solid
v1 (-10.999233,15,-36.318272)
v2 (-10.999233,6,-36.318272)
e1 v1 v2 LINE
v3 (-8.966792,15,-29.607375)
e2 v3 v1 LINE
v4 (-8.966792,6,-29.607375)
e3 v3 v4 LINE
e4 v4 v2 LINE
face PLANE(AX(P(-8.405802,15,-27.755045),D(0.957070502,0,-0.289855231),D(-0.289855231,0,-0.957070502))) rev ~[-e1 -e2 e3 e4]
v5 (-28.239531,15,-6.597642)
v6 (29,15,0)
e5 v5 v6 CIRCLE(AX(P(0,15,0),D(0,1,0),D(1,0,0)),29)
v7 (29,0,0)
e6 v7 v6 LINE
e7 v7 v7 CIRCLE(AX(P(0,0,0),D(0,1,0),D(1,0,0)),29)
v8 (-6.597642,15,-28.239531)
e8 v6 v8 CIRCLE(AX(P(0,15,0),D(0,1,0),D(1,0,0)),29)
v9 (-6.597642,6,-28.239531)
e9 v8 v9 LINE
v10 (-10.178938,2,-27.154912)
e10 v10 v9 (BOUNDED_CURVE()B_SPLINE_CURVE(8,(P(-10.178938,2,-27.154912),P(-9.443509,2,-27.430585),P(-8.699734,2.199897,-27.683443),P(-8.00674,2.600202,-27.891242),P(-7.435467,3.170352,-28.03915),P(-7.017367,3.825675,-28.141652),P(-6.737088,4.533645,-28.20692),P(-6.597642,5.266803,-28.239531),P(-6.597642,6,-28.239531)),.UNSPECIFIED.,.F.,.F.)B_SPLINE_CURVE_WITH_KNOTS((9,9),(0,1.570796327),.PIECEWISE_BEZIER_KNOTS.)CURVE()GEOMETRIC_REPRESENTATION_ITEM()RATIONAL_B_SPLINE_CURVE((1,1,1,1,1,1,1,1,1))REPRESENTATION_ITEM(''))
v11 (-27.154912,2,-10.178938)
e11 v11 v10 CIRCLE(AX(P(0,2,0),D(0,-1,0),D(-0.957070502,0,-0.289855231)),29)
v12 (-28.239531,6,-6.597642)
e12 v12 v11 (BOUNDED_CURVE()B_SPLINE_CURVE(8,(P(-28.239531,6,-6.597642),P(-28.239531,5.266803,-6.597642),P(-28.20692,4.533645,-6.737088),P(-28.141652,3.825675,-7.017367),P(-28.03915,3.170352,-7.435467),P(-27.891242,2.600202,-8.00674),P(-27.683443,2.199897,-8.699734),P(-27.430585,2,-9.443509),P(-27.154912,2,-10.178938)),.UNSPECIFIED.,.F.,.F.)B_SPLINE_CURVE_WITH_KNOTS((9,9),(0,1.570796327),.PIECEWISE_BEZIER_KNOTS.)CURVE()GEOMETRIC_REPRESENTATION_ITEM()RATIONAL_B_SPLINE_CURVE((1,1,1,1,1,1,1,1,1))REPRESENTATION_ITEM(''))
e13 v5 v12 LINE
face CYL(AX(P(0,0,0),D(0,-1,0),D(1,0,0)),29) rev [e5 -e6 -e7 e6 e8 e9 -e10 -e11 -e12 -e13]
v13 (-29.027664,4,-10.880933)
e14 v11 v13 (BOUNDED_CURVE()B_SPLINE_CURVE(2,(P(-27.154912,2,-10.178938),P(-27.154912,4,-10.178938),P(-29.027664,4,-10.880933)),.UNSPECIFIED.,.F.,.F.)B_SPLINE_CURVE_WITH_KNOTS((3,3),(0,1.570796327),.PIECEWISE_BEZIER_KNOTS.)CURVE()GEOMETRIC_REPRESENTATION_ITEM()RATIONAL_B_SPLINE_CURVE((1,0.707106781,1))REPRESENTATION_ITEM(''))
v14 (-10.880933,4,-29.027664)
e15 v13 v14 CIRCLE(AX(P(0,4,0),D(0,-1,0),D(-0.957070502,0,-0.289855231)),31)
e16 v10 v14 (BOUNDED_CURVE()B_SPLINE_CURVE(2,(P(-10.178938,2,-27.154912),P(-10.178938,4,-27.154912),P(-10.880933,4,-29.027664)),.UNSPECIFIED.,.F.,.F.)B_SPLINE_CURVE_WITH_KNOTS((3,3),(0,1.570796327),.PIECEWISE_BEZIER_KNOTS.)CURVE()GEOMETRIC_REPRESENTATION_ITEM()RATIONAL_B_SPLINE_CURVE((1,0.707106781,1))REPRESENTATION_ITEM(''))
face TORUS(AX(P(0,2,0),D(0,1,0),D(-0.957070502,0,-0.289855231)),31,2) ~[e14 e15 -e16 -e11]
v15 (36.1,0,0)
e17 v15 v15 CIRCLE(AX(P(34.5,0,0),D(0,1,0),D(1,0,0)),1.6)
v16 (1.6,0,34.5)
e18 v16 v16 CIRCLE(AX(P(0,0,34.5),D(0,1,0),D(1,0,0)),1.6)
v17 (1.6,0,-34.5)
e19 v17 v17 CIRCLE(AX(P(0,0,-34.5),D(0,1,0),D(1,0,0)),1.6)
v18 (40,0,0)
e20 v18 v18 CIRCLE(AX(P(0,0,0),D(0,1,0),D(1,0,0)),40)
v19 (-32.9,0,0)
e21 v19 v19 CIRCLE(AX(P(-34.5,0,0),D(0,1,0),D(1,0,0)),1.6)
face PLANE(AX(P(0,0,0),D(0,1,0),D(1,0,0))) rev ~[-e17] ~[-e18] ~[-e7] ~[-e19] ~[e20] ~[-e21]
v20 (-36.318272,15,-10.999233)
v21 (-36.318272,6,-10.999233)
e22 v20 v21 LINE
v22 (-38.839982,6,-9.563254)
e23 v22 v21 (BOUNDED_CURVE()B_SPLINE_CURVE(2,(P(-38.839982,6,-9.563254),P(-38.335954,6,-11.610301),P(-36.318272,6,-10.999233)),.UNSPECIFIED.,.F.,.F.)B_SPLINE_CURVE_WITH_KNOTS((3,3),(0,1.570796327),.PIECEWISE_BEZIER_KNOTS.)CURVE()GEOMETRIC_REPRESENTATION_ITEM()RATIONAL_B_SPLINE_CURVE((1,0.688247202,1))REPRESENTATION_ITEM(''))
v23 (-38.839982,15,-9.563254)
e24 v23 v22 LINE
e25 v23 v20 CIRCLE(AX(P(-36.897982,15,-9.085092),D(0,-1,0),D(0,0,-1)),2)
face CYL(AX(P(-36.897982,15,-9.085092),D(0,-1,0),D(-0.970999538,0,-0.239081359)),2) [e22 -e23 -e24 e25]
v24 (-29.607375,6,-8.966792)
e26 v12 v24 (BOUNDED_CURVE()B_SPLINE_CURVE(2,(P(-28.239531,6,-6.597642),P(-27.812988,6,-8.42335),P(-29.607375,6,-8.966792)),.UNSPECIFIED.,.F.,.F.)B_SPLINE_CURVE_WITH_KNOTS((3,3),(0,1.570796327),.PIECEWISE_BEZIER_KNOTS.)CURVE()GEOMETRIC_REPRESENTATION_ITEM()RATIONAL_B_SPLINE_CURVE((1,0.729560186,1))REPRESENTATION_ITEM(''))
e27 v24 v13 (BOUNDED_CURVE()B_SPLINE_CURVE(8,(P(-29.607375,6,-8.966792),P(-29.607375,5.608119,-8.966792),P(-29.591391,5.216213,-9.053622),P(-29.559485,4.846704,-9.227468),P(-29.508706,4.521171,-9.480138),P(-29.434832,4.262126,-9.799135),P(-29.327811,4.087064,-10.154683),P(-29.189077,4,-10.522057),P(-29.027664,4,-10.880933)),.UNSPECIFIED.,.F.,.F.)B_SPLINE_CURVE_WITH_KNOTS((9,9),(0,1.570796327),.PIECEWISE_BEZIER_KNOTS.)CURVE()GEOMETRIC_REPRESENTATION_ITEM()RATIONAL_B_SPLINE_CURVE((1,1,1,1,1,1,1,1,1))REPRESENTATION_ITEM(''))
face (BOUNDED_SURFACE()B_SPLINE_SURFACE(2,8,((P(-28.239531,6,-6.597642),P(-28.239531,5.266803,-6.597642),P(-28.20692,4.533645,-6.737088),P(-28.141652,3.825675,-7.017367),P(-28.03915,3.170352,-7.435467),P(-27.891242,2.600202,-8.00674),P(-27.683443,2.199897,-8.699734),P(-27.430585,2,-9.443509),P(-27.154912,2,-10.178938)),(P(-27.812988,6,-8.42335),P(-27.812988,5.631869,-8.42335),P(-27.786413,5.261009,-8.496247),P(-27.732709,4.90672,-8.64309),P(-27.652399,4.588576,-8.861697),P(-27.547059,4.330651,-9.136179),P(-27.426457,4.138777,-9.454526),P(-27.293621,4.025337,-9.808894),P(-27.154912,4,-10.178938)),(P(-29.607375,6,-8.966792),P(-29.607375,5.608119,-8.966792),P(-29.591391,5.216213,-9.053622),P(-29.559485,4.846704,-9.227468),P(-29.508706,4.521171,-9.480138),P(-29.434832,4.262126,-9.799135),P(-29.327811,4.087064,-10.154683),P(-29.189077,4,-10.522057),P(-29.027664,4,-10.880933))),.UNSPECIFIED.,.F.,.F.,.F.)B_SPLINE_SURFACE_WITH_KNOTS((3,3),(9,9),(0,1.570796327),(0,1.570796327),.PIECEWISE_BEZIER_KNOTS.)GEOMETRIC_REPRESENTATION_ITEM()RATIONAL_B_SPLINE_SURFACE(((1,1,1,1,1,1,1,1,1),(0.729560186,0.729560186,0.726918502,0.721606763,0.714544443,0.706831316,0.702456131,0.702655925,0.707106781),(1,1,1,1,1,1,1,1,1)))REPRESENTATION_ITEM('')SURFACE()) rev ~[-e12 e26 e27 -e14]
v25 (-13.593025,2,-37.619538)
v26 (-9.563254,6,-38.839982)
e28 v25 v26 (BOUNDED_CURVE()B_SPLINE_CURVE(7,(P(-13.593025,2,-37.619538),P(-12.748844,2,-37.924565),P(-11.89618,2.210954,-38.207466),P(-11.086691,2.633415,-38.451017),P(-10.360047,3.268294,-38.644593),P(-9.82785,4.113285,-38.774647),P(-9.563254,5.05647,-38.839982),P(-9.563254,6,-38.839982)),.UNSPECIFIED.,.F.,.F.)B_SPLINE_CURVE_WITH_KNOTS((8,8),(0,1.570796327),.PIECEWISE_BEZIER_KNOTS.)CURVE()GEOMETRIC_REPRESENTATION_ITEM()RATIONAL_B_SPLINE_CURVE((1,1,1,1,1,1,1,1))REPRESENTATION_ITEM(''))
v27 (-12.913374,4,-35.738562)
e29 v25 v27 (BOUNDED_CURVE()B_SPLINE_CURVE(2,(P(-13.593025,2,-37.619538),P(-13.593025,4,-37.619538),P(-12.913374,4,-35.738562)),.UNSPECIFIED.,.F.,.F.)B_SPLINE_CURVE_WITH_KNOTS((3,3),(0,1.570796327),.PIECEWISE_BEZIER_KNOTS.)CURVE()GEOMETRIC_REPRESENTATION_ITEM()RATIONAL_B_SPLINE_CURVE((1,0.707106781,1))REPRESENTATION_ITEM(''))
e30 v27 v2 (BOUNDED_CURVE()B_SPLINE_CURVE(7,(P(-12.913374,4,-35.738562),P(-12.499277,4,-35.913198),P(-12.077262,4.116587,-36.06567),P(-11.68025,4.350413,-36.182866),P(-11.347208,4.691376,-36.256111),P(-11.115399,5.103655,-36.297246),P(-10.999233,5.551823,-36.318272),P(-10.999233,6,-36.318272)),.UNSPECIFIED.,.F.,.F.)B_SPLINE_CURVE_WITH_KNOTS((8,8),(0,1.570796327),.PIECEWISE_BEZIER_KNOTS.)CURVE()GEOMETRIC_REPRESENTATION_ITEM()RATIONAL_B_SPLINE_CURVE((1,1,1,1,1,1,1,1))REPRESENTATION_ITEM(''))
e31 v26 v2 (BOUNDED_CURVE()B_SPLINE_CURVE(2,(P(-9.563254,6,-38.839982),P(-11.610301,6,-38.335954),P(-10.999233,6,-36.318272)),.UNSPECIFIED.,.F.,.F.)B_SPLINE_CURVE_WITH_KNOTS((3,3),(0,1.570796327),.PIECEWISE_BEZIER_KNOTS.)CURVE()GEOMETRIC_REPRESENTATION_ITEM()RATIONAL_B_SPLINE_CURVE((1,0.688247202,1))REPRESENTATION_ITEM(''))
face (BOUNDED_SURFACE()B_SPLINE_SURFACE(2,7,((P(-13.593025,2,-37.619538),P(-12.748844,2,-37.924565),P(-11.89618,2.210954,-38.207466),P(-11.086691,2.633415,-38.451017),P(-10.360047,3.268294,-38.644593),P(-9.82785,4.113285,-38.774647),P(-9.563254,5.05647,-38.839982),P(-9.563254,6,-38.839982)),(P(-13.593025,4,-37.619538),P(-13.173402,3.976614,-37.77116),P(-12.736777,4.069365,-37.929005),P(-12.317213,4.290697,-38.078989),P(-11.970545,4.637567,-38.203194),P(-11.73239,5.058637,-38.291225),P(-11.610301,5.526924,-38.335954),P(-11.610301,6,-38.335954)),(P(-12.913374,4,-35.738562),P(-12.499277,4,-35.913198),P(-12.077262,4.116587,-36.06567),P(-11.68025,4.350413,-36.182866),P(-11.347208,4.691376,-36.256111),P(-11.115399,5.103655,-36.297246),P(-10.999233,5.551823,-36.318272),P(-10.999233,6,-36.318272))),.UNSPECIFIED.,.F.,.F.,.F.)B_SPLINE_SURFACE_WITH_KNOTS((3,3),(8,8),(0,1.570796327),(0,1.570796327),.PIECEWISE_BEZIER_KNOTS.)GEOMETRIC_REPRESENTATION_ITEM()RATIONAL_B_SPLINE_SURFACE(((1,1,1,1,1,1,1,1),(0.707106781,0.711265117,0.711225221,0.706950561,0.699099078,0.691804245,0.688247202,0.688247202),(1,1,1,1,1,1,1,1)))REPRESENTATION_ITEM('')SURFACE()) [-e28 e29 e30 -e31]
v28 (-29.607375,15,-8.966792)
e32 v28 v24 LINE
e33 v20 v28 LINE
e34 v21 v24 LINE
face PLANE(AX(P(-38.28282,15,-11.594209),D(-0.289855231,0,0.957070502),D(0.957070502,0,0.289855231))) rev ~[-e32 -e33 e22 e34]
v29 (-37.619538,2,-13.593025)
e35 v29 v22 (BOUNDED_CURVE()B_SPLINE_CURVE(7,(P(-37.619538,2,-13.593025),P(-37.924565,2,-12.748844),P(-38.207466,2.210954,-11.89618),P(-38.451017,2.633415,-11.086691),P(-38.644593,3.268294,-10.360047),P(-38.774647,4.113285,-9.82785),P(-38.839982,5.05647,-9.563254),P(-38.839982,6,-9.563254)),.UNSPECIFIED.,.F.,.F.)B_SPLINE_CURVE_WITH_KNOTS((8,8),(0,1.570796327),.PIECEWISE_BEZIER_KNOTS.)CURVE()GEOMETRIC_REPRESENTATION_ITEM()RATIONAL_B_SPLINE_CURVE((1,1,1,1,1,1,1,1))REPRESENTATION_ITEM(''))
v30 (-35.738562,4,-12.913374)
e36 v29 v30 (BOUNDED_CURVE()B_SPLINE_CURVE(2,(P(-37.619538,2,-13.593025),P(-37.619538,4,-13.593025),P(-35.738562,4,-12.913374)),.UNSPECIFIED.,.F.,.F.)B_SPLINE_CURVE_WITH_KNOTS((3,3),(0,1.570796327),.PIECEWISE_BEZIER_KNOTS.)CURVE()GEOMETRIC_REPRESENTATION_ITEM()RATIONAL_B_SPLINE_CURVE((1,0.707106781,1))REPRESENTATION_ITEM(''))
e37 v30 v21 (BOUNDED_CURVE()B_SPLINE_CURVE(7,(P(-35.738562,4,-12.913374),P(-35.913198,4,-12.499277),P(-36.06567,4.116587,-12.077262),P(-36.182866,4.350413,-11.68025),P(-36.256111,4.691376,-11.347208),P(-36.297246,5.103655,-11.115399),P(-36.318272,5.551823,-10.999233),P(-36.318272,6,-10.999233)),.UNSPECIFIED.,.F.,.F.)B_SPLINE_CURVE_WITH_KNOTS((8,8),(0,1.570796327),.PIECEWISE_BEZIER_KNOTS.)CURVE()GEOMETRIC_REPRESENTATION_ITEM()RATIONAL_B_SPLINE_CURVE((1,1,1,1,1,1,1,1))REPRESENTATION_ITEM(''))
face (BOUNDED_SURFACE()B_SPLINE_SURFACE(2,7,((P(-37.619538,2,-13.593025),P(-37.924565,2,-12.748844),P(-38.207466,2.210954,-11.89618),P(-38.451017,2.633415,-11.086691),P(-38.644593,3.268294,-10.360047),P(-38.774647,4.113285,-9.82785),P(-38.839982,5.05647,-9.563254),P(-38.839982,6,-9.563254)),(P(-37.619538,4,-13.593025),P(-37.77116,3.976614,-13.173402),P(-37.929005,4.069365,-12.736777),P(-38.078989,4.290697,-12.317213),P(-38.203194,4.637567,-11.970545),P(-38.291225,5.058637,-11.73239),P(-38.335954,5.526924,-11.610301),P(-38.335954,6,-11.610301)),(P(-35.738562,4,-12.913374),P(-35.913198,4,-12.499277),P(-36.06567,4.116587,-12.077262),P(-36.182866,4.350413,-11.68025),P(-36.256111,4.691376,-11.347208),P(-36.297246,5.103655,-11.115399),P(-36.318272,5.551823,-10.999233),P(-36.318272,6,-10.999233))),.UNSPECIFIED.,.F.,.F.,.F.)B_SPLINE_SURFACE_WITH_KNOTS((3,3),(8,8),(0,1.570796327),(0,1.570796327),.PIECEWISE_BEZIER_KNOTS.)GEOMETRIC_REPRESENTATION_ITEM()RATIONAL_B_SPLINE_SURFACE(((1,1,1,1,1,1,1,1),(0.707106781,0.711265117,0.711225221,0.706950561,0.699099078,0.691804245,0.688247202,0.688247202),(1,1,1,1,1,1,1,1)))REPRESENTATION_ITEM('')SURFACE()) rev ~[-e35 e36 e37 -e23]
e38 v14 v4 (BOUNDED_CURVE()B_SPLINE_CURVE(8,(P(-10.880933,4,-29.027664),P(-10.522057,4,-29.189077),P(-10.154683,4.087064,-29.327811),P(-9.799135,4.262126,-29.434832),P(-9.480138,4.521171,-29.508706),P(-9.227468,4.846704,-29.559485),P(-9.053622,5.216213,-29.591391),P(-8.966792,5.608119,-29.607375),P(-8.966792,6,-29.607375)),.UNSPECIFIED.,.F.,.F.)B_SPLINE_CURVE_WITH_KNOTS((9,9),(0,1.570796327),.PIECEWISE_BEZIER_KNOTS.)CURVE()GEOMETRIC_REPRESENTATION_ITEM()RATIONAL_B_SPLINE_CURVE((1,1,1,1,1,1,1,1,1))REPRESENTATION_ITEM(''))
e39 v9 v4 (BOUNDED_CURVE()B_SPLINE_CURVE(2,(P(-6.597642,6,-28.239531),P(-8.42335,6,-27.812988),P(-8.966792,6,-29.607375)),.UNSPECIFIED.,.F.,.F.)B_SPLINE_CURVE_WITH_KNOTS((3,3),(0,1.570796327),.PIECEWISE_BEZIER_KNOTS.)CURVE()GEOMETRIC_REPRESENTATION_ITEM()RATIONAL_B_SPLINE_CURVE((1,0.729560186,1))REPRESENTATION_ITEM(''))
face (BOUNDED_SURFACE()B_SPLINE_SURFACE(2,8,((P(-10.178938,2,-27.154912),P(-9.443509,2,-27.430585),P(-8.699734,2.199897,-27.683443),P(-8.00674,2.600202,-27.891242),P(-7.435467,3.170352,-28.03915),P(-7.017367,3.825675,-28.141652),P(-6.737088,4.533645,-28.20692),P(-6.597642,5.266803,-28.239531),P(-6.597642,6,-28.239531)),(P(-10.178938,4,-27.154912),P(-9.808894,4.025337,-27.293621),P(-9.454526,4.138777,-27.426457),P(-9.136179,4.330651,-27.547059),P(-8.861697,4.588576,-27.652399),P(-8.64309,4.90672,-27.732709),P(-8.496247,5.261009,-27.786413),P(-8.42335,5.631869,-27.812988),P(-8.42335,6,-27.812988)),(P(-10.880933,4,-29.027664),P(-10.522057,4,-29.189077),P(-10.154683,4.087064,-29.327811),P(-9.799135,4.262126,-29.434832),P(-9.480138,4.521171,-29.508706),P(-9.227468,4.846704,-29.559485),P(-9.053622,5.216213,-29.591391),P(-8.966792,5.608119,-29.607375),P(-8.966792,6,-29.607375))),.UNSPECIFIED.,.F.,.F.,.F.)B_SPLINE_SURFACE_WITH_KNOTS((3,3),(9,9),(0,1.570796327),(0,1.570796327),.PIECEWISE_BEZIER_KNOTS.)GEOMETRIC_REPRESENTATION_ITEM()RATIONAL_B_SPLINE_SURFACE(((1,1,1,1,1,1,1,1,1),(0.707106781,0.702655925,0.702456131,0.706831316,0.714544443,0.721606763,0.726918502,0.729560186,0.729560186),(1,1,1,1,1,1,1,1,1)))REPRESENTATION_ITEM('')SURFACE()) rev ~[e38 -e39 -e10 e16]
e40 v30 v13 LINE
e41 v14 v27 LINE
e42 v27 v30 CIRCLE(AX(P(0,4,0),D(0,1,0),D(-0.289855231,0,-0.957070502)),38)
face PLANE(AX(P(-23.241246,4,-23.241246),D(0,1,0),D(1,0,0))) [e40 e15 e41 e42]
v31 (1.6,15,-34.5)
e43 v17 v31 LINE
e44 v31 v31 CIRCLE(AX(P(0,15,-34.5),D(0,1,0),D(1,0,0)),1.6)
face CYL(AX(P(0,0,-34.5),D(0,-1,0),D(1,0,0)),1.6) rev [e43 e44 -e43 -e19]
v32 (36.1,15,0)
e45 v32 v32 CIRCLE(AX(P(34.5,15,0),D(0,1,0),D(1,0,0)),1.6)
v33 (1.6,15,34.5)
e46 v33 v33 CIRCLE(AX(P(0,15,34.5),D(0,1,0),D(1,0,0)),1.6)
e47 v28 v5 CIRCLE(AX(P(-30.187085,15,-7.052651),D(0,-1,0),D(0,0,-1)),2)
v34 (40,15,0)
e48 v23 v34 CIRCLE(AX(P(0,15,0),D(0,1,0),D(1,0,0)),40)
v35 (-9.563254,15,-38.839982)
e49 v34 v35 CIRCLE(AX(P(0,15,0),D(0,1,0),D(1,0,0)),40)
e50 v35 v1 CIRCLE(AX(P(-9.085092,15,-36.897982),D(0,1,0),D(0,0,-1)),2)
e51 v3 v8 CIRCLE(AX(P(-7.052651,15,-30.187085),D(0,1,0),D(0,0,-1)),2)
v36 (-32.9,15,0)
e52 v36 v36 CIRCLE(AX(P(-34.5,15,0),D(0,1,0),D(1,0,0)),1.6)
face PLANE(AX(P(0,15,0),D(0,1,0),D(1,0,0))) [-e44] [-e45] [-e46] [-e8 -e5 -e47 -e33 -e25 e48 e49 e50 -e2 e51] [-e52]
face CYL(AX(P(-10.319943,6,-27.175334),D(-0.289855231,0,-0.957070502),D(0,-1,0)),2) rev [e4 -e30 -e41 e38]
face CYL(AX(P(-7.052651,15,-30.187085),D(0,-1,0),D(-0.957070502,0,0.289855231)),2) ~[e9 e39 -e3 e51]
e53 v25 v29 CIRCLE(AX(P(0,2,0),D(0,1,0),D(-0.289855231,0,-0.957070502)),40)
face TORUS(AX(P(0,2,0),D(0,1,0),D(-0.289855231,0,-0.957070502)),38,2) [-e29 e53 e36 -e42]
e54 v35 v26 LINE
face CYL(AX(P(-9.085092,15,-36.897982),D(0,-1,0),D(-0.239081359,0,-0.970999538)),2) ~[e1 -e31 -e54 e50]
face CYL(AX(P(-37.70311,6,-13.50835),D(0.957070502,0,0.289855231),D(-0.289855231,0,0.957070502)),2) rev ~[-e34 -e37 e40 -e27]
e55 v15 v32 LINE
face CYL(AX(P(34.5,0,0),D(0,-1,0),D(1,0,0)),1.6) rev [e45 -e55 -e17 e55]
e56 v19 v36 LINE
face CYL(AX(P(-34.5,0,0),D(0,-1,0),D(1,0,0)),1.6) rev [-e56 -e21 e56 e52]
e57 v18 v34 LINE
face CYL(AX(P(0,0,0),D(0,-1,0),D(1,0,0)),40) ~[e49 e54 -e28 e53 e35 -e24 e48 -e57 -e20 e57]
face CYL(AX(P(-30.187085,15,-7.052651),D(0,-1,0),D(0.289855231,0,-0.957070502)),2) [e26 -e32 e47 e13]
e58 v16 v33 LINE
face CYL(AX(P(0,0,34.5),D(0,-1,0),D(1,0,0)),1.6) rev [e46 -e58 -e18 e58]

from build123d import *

# Parameters (mm, degrees)
SKETCH_1_R          = 40
SKETCH_1_R_2        = 29
SKETCH_1_R_3        = 1.6
EXTRUDE_1_DEPTH     = 15
CUT_EXTRUDE_1_DEPTH = 11
FILLET_1_R          = 2


with BuildPart() as part:
    # 草图1 → 凸台-拉伸1 (new body)
    with BuildSketch(Plane(origin=(0, 0, 0), x_dir=(1, 0, 0), z_dir=(0, 1, 0))):
        Circle(SKETCH_1_R)
        Circle(SKETCH_1_R_2, mode=Mode.SUBTRACT)
        with Locations((0, 34.5)):
            Circle(SKETCH_1_R_3, mode=Mode.SUBTRACT)
        with Locations((34.5, 0)):
            Circle(SKETCH_1_R_3, mode=Mode.SUBTRACT)
        with Locations((-34.5, 0)):
            Circle(SKETCH_1_R_3, mode=Mode.SUBTRACT)
        with Locations((0, -34.5)):
            Circle(SKETCH_1_R_3, mode=Mode.SUBTRACT)
    extrude(amount=EXTRUDE_1_DEPTH)

    # 草图2 → 切除-拉伸1 (cut)
    with BuildSketch(Plane(origin=(0, 15, 0), x_dir=(1, 0, 0), z_dir=(0, 1, 0))):
        with BuildLine():
            Line((-8.405801697, 27.755044548), (-11.594209237, 38.282820066))
            ThreePointArc((-11.594209237, 38.282820066), (-28.284271247, 28.284271247), (-38.282820066, 11.594209237))
            Line((-38.282820066, 11.594209237), (-27.755044548, 8.405801697))
            ThreePointArc((-27.755044548, 8.405801697), (-20.506096654, 20.506096654), (-8.405801697, 27.755044548))
        make_face()
    extrude(amount=-CUT_EXTRUDE_1_DEPTH, mode=Mode.SUBTRACT)

    # 圆角1
    fillet_1_edges = [part.edges().sort_by_distance(p)[0] for p in [
        (-28.284271247, 4, -28.284271247),
        (-38.282820066, 9.5, -11.594209237),
        (-11.594209237, 9.5, -38.282820066),
        (-20.506096654, 4, -20.506096654),
        (-8.405801697, 9.5, -27.755044548),
        (-33.018932307, 4, -10.000005467),
        (-27.755044548, 9.5, -8.405801697),
        (-10.000005467, 4, -33.018932307),
    ]]
    fillet(fillet_1_edges, radius=FILLET_1_R)


solid = part.part
